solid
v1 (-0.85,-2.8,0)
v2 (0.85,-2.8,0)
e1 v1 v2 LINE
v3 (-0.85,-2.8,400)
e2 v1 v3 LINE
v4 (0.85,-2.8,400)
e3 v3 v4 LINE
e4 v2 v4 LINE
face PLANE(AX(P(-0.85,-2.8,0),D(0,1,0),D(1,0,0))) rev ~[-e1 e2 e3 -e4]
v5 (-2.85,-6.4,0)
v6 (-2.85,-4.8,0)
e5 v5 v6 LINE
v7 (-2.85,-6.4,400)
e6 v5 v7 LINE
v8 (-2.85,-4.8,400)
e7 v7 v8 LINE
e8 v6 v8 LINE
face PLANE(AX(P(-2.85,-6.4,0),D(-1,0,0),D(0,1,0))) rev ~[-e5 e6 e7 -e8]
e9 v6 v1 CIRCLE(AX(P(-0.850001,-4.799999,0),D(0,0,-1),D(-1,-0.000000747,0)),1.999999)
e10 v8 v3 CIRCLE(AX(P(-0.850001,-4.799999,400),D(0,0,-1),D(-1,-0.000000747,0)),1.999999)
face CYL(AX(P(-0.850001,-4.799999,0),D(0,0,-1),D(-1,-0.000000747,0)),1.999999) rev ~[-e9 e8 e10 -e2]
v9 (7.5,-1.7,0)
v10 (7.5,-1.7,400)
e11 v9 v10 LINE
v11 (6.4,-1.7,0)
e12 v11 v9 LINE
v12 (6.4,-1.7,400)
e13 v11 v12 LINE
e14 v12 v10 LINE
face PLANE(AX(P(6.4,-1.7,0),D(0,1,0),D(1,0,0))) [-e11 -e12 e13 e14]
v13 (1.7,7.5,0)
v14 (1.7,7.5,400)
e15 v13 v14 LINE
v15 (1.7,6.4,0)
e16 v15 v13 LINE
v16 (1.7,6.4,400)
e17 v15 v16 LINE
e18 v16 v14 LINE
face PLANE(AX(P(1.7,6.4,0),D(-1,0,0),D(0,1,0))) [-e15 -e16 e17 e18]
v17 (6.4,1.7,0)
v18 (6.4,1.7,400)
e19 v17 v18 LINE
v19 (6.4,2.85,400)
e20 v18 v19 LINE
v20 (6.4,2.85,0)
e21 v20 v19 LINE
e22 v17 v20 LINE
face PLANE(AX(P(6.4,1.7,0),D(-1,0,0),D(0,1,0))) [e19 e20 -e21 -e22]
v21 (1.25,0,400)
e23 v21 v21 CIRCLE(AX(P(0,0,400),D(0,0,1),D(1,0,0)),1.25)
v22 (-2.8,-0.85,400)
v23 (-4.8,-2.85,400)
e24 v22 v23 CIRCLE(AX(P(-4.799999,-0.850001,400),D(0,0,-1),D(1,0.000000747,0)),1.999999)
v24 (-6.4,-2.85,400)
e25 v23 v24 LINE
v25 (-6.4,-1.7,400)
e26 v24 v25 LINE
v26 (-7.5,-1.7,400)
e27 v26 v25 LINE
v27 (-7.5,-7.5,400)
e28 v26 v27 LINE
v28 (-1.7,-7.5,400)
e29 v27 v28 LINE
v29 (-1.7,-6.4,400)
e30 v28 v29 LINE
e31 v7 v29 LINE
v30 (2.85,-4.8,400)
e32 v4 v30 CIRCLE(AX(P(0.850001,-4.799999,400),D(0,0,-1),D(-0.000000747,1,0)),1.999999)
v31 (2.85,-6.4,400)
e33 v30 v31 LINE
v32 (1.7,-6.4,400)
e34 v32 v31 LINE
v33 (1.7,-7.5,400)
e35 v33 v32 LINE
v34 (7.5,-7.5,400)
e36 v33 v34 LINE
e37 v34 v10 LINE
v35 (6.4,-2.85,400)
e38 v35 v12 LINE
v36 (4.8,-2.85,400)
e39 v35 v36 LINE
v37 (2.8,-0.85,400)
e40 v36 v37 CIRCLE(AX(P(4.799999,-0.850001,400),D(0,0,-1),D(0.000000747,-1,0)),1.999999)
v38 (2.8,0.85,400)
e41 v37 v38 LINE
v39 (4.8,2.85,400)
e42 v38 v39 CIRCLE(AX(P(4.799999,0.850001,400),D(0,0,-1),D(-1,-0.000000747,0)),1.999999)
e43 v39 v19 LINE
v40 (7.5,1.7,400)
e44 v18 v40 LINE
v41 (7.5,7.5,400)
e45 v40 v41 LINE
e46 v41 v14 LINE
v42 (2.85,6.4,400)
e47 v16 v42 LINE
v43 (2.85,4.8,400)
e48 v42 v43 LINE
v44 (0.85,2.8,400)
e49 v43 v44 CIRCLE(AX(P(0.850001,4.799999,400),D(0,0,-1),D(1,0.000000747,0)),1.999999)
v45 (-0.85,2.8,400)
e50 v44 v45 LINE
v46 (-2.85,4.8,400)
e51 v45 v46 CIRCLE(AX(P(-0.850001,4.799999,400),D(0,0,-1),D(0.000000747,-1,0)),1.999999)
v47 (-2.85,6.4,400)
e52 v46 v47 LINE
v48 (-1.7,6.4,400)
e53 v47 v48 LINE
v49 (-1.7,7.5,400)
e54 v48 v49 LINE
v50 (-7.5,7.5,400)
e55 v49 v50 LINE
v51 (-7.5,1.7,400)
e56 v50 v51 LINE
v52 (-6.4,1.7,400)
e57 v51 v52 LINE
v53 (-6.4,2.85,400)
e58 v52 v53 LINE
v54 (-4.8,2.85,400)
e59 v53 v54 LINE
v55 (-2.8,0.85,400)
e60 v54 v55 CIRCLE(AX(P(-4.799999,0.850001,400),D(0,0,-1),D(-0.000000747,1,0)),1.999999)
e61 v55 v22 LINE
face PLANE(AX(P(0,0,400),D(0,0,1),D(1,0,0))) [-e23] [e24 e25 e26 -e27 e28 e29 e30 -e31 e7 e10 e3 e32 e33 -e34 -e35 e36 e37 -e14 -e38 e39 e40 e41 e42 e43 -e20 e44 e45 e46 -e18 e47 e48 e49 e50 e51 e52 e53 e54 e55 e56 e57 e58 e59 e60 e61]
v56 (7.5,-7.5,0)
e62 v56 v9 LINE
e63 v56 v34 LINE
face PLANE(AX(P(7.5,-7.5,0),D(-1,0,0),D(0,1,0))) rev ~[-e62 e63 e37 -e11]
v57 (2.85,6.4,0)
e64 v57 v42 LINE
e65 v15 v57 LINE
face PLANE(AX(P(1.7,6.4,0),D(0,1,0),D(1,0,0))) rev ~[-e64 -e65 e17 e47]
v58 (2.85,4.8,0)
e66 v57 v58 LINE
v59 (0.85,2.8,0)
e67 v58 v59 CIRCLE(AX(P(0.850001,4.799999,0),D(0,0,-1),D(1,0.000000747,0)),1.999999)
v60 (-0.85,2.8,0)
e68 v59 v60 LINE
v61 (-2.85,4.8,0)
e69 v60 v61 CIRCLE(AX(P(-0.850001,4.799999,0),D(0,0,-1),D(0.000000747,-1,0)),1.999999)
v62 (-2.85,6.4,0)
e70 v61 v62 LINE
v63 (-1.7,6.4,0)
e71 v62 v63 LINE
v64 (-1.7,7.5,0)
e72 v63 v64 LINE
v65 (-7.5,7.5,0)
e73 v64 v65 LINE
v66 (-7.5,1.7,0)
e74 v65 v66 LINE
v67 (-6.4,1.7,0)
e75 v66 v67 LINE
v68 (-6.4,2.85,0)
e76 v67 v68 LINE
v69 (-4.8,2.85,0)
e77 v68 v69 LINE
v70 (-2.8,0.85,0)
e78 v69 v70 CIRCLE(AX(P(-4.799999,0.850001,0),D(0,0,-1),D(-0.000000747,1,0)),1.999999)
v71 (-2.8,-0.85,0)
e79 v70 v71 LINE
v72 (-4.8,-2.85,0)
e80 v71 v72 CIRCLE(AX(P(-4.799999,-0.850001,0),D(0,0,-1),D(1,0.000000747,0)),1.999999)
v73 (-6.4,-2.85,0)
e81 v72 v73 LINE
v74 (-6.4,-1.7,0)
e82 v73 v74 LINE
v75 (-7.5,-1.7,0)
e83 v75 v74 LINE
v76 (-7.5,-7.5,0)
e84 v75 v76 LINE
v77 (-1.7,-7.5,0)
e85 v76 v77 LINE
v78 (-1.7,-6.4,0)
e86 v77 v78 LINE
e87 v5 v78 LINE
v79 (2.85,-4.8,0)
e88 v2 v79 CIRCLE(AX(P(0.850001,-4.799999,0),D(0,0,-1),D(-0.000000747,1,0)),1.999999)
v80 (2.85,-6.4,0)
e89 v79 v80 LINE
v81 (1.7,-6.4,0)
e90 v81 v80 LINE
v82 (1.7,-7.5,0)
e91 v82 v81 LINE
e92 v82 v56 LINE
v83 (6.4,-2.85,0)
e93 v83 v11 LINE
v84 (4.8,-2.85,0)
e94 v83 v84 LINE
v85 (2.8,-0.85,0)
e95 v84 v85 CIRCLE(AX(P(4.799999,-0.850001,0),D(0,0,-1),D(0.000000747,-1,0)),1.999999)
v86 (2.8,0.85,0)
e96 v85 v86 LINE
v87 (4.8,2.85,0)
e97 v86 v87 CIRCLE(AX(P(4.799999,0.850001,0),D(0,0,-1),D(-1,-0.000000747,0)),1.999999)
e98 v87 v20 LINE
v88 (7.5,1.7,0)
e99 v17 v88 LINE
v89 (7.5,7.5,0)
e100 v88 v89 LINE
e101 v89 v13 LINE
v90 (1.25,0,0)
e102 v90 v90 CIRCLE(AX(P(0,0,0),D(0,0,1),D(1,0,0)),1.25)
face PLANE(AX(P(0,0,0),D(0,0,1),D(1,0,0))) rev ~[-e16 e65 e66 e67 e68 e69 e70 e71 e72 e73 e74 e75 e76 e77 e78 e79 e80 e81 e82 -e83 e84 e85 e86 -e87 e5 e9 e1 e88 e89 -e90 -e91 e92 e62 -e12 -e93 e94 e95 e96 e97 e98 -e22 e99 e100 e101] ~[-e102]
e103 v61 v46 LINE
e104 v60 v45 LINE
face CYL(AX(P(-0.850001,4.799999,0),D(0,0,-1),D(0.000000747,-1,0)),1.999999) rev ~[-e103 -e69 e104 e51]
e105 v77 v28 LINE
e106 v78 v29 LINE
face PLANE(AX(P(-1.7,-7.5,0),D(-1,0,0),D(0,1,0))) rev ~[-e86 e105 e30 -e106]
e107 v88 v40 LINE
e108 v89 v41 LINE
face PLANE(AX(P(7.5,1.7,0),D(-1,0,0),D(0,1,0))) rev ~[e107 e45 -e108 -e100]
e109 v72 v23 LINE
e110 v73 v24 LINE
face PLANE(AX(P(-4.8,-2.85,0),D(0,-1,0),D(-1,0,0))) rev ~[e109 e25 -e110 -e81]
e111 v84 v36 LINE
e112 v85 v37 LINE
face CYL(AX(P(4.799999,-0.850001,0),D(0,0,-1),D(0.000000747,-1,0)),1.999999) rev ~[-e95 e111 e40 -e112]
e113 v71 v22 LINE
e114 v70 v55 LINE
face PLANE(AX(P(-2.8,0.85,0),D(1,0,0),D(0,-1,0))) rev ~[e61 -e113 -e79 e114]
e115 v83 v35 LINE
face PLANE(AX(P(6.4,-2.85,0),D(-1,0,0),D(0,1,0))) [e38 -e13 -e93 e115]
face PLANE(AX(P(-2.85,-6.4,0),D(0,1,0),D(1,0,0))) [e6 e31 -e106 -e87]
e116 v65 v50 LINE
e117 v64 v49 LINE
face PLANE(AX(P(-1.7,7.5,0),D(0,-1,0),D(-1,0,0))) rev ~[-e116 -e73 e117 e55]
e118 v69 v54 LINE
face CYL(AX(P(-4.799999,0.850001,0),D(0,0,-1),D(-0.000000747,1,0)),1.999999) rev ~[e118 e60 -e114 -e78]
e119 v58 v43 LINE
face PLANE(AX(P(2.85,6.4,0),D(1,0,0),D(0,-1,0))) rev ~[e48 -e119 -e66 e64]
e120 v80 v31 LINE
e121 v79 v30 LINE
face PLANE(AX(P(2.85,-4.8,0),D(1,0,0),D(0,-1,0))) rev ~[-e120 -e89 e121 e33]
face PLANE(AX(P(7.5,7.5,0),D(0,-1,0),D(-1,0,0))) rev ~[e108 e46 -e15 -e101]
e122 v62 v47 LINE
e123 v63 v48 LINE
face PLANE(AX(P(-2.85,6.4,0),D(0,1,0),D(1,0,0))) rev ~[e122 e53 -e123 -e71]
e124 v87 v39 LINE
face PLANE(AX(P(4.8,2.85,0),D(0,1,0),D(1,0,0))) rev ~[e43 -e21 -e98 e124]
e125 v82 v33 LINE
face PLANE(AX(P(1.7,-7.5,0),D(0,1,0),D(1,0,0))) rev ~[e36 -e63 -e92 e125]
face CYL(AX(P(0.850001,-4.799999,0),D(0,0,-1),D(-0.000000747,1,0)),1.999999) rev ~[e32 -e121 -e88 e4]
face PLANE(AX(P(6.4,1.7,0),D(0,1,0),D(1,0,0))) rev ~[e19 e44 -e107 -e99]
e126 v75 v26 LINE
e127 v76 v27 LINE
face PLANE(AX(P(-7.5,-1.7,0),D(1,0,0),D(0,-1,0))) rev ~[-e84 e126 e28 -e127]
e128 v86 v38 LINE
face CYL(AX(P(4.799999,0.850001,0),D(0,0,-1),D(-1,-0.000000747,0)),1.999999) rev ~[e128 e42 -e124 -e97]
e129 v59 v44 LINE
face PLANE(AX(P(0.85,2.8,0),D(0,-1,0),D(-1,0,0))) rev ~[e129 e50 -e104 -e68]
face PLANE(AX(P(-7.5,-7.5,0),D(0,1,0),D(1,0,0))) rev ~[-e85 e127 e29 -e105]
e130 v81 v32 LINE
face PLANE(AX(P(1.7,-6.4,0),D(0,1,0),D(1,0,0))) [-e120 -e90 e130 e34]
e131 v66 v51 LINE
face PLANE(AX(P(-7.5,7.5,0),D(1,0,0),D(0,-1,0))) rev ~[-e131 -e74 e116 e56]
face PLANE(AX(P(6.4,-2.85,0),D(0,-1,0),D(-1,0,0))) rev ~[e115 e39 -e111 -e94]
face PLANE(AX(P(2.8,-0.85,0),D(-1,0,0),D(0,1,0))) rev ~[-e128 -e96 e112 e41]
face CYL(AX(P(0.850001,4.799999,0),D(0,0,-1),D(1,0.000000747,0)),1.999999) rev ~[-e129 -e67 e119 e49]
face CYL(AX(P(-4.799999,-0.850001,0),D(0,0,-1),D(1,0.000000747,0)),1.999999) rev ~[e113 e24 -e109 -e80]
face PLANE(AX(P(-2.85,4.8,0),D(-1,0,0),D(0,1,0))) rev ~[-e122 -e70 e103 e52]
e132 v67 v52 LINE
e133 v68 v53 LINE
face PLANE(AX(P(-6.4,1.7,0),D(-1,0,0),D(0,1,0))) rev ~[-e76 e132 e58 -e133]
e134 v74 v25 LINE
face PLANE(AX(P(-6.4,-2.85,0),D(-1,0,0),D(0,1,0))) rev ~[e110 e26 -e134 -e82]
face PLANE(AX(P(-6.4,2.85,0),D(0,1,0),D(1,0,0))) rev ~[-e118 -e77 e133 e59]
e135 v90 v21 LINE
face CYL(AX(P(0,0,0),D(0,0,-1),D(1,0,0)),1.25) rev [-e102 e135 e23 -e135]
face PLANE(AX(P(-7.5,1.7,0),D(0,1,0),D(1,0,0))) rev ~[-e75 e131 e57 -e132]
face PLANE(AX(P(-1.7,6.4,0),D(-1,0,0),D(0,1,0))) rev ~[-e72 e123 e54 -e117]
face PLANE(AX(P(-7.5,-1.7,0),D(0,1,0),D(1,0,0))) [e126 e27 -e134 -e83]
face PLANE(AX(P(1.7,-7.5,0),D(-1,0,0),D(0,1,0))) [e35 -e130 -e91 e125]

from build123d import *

# Parameters (mm, degrees)
F0_R     = 1.25
F0_W     = 1.1
F0_H     = 1.15
F0_W_2   = 1.15
F0_H_2   = 1.1
F1_DEPTH = 400


with BuildPart() as f1:
    # F0 (on Top) → F1 (new body)
    with BuildSketch(Plane.XY):
        with BuildLine():
            Line((-2.85, 7.5), (-7.5, 7.5))
            Line((-7.5, 7.5), (-7.5, 2.85))
            Line((-7.5, 2.85), (-6.4, 2.85))
            Line((-6.4, 2.85), (-4.8, 2.85))
            ThreePointArc((-4.8, 2.85), (-3.385786, 2.264214), (-2.8, 0.85))
            Line((-2.8, 0.85), (-2.8, -0.85))
            ThreePointArc((-2.8, -0.85), (-3.385786, -2.264214), (-4.8, -2.85))
            Line((-4.8, -2.85), (-6.4, -2.85))
            Line((-6.4, -2.85), (-7.5, -2.85))
            Line((-7.5, -2.85), (-7.5, -7.5))
            Line((-7.5, -7.5), (-2.85, -7.5))
            Line((-2.85, -7.5), (-2.85, -6.4))
            Line((-2.85, -6.4), (-2.85, -4.8))
            ThreePointArc((-2.85, -4.8), (-2.264214, -3.385786), (-0.85, -2.8))
            Line((-0.85, -2.8), (0.85, -2.8))
            ThreePointArc((0.85, -2.8), (2.264214, -3.385786), (2.85, -4.8))
            Line((2.85, -4.8), (2.85, -6.4))
            Line((2.85, -6.4), (2.85, -7.5))
            Line((2.85, -7.5), (7.5, -7.5))
            Line((7.5, -7.5), (7.5, -2.85))
            Line((7.5, -2.85), (6.4, -2.85))
            Line((6.4, -2.85), (4.8, -2.85))
            ThreePointArc((4.8, -2.85), (3.385786, -2.264214), (2.8, -0.85))
            Line((2.8, -0.85), (2.8, 0.85))
            ThreePointArc((2.8, 0.85), (3.385786, 2.264214), (4.8, 2.85))
            Line((4.8, 2.85), (6.4, 2.85))
            Line((6.4, 2.85), (7.5, 2.85))
            Line((7.5, 2.85), (7.5, 7.5))
            Line((7.5, 7.5), (2.85, 7.5))
            Line((2.85, 7.5), (2.85, 6.4))
            Line((2.85, 6.4), (2.85, 4.8))
            ThreePointArc((2.85, 4.8), (2.264214, 3.385786), (0.85, 2.8))
            Line((0.85, 2.8), (-0.85, 2.8))
            ThreePointArc((-0.85, 2.8), (-2.264214, 3.385786), (-2.85, 4.8))
            Line((-2.85, 4.8), (-2.85, 6.4))
            Line((-2.85, 6.4), (-2.85, 7.5))
        make_face()
        Circle(F0_R, mode=Mode.SUBTRACT)
        with Locations((-6.95, 2.275)):
            Rectangle(F0_W, F0_H)
        with Locations((-6.95, -2.275)):
            Rectangle(F0_W, F0_H)
        with Locations((-2.275, 6.95)):
            Rectangle(F0_W_2, F0_H_2)
        with Locations((2.275, 6.95)):
            Rectangle(F0_W_2, F0_H_2)
        with Locations((6.95, 2.275)):
            Rectangle(F0_W, F0_H)
        with Locations((6.95, -2.275)):
            Rectangle(F0_W, F0_H)
        with Locations((-2.275, -6.95)):
            Rectangle(F0_W_2, F0_H_2)
        with Locations((2.275, -6.95)):
            Rectangle(F0_W_2, F0_H_2)
    extrude(amount=F1_DEPTH)


solid = f1.part
